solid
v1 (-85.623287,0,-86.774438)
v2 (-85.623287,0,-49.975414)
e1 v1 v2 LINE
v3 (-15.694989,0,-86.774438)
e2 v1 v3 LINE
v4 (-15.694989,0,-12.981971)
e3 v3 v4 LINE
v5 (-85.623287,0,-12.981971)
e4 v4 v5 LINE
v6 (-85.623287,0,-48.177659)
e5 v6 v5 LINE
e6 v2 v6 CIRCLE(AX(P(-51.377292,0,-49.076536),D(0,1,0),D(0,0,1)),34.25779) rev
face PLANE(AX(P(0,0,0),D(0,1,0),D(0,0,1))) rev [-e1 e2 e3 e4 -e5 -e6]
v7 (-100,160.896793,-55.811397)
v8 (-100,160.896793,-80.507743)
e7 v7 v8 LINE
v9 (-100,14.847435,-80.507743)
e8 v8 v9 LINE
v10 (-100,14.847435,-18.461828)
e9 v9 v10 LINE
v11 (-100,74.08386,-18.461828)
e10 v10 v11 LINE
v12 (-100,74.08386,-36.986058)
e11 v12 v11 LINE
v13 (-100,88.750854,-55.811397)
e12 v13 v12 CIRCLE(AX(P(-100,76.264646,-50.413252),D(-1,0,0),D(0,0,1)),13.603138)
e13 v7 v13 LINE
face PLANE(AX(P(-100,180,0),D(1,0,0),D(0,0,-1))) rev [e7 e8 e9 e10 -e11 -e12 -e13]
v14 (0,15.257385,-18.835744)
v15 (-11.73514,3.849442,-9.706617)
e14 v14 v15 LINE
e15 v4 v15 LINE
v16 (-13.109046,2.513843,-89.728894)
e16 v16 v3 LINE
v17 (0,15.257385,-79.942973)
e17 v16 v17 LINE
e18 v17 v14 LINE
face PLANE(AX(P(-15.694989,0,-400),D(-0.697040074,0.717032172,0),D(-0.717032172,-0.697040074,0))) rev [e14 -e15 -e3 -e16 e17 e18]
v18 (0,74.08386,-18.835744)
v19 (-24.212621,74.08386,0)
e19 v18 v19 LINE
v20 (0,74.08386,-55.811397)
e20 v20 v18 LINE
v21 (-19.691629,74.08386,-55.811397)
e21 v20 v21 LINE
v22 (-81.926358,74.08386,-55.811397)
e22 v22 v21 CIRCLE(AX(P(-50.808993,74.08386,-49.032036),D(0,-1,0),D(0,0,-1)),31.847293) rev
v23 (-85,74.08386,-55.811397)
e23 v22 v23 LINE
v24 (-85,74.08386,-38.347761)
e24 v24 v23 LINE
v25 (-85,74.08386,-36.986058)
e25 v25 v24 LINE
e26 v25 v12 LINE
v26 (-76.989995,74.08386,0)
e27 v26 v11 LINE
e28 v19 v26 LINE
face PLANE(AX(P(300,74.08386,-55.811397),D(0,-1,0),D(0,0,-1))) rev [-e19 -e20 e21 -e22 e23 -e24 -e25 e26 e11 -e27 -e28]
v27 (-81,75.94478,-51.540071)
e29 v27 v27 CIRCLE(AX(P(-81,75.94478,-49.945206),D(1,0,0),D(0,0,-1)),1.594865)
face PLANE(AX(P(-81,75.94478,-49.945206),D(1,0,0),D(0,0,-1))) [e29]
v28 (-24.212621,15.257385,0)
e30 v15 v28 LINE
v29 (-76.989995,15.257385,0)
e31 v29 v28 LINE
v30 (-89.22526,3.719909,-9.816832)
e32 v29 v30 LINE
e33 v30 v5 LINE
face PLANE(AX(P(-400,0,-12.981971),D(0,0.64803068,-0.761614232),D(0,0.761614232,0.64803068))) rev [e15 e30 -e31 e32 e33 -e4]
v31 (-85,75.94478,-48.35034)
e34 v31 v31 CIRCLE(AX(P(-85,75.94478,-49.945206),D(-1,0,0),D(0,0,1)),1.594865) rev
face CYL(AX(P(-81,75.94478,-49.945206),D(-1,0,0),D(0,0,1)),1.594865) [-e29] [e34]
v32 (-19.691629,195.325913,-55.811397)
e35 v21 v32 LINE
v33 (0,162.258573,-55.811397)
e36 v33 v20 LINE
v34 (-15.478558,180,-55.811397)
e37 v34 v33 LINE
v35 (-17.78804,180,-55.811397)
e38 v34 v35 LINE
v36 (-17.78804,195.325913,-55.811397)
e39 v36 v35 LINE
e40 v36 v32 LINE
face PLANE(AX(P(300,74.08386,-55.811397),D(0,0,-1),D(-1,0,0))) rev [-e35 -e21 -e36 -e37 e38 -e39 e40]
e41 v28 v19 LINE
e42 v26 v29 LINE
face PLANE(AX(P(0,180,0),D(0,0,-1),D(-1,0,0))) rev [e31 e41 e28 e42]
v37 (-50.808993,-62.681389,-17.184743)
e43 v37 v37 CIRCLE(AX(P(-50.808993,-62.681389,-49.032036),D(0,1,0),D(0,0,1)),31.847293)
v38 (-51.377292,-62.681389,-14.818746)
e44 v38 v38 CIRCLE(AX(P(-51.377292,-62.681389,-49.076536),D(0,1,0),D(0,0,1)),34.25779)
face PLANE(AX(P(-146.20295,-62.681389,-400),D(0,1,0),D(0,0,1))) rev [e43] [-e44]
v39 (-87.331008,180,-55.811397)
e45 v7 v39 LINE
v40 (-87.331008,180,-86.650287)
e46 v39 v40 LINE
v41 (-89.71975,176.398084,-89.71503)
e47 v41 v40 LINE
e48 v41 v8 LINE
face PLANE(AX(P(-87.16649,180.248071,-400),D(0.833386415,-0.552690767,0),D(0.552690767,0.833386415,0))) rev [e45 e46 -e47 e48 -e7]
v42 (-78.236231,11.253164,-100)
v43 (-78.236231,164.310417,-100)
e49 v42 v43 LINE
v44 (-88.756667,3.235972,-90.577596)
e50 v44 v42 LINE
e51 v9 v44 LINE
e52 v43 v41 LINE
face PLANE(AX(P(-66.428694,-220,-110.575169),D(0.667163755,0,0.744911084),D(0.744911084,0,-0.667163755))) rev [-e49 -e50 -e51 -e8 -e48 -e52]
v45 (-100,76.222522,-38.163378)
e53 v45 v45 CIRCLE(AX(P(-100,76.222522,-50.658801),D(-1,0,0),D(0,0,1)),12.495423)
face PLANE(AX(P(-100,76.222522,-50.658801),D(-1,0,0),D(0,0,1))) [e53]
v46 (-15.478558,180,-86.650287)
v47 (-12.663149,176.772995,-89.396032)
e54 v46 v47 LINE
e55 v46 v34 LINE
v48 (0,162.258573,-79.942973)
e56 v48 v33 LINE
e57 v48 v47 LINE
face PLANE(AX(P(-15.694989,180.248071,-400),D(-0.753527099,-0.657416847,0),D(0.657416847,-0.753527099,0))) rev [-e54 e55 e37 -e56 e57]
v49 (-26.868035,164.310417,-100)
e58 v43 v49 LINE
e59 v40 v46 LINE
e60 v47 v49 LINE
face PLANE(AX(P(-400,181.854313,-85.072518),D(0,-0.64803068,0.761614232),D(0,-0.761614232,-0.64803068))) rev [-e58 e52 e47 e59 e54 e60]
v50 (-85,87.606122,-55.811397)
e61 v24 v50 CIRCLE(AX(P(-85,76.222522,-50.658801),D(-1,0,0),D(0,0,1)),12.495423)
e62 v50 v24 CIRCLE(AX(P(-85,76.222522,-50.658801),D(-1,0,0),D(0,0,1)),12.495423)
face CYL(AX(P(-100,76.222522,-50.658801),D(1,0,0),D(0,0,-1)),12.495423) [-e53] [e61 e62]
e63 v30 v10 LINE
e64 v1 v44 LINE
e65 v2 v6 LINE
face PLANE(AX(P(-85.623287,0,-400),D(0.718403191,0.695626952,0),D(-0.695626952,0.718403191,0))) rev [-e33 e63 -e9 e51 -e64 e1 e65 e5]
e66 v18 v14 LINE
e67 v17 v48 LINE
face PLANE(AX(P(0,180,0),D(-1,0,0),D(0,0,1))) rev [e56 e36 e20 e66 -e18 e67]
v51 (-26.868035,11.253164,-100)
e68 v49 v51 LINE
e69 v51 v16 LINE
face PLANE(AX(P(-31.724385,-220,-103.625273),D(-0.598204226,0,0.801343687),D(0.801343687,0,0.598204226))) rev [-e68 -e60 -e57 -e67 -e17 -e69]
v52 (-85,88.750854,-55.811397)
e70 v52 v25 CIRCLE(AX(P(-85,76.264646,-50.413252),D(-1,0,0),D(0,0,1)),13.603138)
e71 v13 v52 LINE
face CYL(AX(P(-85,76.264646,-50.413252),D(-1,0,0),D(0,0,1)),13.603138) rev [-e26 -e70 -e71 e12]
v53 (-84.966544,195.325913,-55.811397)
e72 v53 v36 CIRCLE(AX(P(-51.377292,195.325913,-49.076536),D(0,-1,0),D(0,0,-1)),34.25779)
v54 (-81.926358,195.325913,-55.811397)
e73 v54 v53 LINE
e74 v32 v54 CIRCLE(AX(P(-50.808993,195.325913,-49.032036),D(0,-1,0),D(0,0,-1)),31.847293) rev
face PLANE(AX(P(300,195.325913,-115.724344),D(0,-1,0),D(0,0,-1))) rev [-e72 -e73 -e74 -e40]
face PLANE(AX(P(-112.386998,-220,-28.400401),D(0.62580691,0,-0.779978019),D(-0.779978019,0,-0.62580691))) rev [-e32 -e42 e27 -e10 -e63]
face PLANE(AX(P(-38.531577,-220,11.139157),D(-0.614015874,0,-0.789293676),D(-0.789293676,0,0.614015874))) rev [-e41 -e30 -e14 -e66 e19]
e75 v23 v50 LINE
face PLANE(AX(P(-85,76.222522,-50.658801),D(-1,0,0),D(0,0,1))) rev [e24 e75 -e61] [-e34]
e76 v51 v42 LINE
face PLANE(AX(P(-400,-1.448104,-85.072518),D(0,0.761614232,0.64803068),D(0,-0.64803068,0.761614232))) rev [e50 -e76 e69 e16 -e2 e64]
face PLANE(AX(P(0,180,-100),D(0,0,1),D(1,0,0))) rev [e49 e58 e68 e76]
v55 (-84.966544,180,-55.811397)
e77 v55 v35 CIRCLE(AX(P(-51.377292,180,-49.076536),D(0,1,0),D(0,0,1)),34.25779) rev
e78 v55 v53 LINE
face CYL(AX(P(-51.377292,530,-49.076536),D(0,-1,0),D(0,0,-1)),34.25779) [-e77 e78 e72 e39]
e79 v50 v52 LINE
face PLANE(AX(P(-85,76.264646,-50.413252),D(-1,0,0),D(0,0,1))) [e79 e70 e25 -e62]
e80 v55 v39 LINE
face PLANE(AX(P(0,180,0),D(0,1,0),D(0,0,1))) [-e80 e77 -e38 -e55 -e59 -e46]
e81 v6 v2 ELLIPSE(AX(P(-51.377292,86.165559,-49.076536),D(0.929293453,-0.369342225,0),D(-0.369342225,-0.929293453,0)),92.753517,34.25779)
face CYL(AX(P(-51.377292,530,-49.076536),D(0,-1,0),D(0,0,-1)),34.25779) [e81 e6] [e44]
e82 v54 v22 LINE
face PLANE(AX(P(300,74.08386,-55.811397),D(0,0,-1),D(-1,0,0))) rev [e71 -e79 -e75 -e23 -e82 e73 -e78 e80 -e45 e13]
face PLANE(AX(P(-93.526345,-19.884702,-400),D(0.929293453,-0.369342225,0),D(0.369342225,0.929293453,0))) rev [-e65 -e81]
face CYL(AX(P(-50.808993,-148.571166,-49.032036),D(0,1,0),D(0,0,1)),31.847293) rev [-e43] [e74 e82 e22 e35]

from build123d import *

# Parameters (mm, degrees)
SKETCH1_W           = 100
SKETCH1_H           = 100
BOSS_EXTRUDE1_DEPTH = 180
SKETCH2_R           = 34.257790197
BOSS_EXTRUDE2_DEPTH = 350
SKETCH3_W           = 152.006357392
SKETCH3_H           = 282.452416457
CUT_EXTRUDE2_DEPTH  = 400
CUT_EXTRUDE3_DEPTH  = 400
CUT_EXTRUDE4_DEPTH  = 400
CUT_EXTRUDE5_DEPTH  = 400
SKETCH7_W           = 160.159381639
SKETCH7_H           = 147.362276113
CUT_EXTRUDE6_DEPTH  = 400
SKETCH8_W           = 147.310744502
SKETCH8_H           = 162.038906966
CUT_EXTRUDE7_DEPTH  = 400
SKETCH9_R           = 31.847293423
CUT_EXTRUDE8_DEPTH  = 400
SKETCH10_W          = 140.220962397
SKETCH10_H          = 212.033531124
CUT_EXTRUDE9_DEPTH  = 400
SKETCH11_R          = 13.603137886
CUT_EXTRUDE11_DEPTH = 15
SKETCH12_R          = 12.495422516
BOSS_EXTRUDE3_DEPTH = 15
SKETCH13_R          = 1.594865099
BOSS_EXTRUDE4_DEPTH = 4
SKETCH14_W          = 100.74862993
SKETCH14_H          = 110.555003588
CUT_EXTRUDE13_DEPTH = 400


with BuildPart() as part:
    # Sketch1 → Boss-Extrude1 (new body)
    with BuildSketch(Plane(origin=(0, 0, 0), x_dir=(1, 0, 0), z_dir=(0, 1, 0))):
        with Locations((-50, 50)):
            Rectangle(SKETCH1_W, SKETCH1_H)
    extrude(amount=BOSS_EXTRUDE1_DEPTH)

    # Sketch2 → Boss-Extrude2 (add, symmetric)
    with BuildSketch(Plane(origin=(0, 180, 0), x_dir=(1, 0, 0), z_dir=(0, 1, 0))):
        with Locations(Location((-51.377291833, 49.076536384, 0), (0, 0, 270))):
            Circle(SKETCH2_R)
    extrude(amount=BOSS_EXTRUDE2_DEPTH, both=True)

    # Sketch3 → Cut-Extrude2 (cut)
    with BuildSketch(Plane(origin=(0, 0, 0), x_dir=(0, 0, -1), z_dir=(1, 0, 0))):
        with Locations((57.419900112, 502.274302507)):
            Rectangle(SKETCH3_W, SKETCH3_H)
    extrude(amount=-CUT_EXTRUDE2_DEPTH, mode=Mode.SUBTRACT)

    # Sketch4 → Cut-Extrude3 (cut)
    with BuildSketch(Plane(origin=(0, 0, 0), x_dir=(0, 0, -1), z_dir=(1, 0, 0))):
        Polygon((12.981970869, 0), (-8.994244796, 25.828096003), (-18.564506014, -15.259465835), align=None)
        Polygon((85.072517936, -1.448103984), (109.237639161, 19.113145112), (115.920034239, -3.267382694), align=None)
        Polygon((12.981970869, 180), (-8.994244796, 148.537596011), (-15.418178585, 193.219274892), align=None)
        Polygon((85.072517936, 181.854312784), (103.841225373, 159.795920888), (106.132549481, 198.647393934), align=None)
    extrude(amount=-CUT_EXTRUDE3_DEPTH, mode=Mode.SUBTRACT)

    # Sketch5 → Cut-Extrude4 (cut)
    with BuildSketch(Plane.XY):
        Polygon((-85.623287335, 0), (-106.370377984, 21.426392531), (-122.288861874, 3.209259887), (-93.526345261, -19.884701759), align=None)
        Polygon((-15.694988751, 0), (0, 15.257385304), (12.122677088, 15.257385304), (10.563067769, -19.884701759), align=None)
        Polygon((-87.166490339, 180.248071029), (-106.370377984, 151.29108453), (-117.705469457, 200.501115102), align=None)
        Polygon((-15.694988751, 180.248071029), (7.833767065, 153.279557508), (0, 193.941208308), align=None)
    extrude(amount=-CUT_EXTRUDE4_DEPTH, mode=Mode.SUBTRACT)

    # Sketch6 → Cut-Extrude5 (cut)
    with BuildSketch(Plane(origin=(0, 180, 0), x_dir=(1, 0, 0), z_dir=(0, 1, 0))):
        Polygon((-112.386997555, 28.400400964), (-64.261264503, -10.212759359), (-84.406366528, -15.51192827), (-124.649689542, -15.51192827), align=None)
        Polygon((-97.065537028, 135.861756084), (-119.37552445, 77.792688888), (-118.043343626, 64.347606737), (-66.428694172, 110.575168787), align=None)
        Polygon((-24.69640689, -21.815840769), (11.092108798, -8.97361337), (17.428316417, 32.393768119), (-38.531576846, -11.139157378), align=None)
        Polygon((-17.445484601, 140.804394854), (35.417473102, 107.262520599), (9.305452855, 72.996438725), (-31.724385352, 103.625272537), align=None)
    extrude(amount=-CUT_EXTRUDE5_DEPTH, mode=Mode.SUBTRACT)

    # Sketch7 → Cut-Extrude6 (cut)
    with BuildSketch(Plane.XY):
        with Locations((-66.123258915, -136.36252694)):
            Rectangle(SKETCH7_W, SKETCH7_H)
    extrude(amount=-CUT_EXTRUDE6_DEPTH, mode=Mode.SUBTRACT)

    # Sketch8 → Cut-Extrude7 (cut)
    with BuildSketch(Plane.XY):
        with Locations((-53.541153336, 332.448287589)):
            Rectangle(SKETCH8_W, SKETCH8_H)
    extrude(amount=-CUT_EXTRUDE7_DEPTH, mode=Mode.SUBTRACT)

    # Sketch9 → Cut-Extrude8 (cut)
    with BuildSketch(Plane(origin=(0, 251.428834106, 0), x_dir=(1, 0, 0), z_dir=(0, 1, 0))):
        with Locations(Location((-50.808993157, 49.032036374, 0), (0, 0, 270))):
            Circle(SKETCH9_R)
    extrude(amount=-CUT_EXTRUDE8_DEPTH, mode=Mode.SUBTRACT)

    # Sketch10 → Cut-Extrude9 (cut)
    with BuildSketch(Plane.ZY.offset(100)):
        with Locations((14.299084536, 180.100625535)):
            Rectangle(SKETCH10_W, SKETCH10_H)
    extrude(amount=-CUT_EXTRUDE9_DEPTH, mode=Mode.SUBTRACT)

    # Sketch11 → Cut-Extrude11 (cut)
    with BuildSketch(Plane.ZY.offset(100)):
        with Locations((-50.413251954, 76.264646142)):
            Circle(SKETCH11_R)
    extrude(amount=-CUT_EXTRUDE11_DEPTH, mode=Mode.SUBTRACT)

    # Sketch12 → Boss-Extrude3 (add)
    with BuildSketch(Plane.ZY.offset(85)):
        with Locations(Location((-50.658800768, 76.222522328, 0), (0, 0, 114.353089558))):
            Circle(SKETCH12_R)
    extrude(amount=BOSS_EXTRUDE3_DEPTH)

    # Sketch13 → Boss-Extrude4 (add)
    with BuildSketch(Plane(origin=(-85, 0, 0), x_dir=(0, 0, -1), z_dir=(1, 0, 0))):
        with Locations(Location((49.945205578, 75.944780088, 0), (0, 0, 180))):
            Circle(SKETCH13_R)
    extrude(amount=BOSS_EXTRUDE4_DEPTH)

    # Sketch14 → Cut-Extrude13 (cut)
    with BuildSketch(Plane.ZY.offset(100)):
        with Locations((-65.350029467, 250.603414818)):
            Rectangle(SKETCH14_W, SKETCH14_H)
    extrude(amount=-CUT_EXTRUDE13_DEPTH, mode=Mode.SUBTRACT)


solid = part.part
